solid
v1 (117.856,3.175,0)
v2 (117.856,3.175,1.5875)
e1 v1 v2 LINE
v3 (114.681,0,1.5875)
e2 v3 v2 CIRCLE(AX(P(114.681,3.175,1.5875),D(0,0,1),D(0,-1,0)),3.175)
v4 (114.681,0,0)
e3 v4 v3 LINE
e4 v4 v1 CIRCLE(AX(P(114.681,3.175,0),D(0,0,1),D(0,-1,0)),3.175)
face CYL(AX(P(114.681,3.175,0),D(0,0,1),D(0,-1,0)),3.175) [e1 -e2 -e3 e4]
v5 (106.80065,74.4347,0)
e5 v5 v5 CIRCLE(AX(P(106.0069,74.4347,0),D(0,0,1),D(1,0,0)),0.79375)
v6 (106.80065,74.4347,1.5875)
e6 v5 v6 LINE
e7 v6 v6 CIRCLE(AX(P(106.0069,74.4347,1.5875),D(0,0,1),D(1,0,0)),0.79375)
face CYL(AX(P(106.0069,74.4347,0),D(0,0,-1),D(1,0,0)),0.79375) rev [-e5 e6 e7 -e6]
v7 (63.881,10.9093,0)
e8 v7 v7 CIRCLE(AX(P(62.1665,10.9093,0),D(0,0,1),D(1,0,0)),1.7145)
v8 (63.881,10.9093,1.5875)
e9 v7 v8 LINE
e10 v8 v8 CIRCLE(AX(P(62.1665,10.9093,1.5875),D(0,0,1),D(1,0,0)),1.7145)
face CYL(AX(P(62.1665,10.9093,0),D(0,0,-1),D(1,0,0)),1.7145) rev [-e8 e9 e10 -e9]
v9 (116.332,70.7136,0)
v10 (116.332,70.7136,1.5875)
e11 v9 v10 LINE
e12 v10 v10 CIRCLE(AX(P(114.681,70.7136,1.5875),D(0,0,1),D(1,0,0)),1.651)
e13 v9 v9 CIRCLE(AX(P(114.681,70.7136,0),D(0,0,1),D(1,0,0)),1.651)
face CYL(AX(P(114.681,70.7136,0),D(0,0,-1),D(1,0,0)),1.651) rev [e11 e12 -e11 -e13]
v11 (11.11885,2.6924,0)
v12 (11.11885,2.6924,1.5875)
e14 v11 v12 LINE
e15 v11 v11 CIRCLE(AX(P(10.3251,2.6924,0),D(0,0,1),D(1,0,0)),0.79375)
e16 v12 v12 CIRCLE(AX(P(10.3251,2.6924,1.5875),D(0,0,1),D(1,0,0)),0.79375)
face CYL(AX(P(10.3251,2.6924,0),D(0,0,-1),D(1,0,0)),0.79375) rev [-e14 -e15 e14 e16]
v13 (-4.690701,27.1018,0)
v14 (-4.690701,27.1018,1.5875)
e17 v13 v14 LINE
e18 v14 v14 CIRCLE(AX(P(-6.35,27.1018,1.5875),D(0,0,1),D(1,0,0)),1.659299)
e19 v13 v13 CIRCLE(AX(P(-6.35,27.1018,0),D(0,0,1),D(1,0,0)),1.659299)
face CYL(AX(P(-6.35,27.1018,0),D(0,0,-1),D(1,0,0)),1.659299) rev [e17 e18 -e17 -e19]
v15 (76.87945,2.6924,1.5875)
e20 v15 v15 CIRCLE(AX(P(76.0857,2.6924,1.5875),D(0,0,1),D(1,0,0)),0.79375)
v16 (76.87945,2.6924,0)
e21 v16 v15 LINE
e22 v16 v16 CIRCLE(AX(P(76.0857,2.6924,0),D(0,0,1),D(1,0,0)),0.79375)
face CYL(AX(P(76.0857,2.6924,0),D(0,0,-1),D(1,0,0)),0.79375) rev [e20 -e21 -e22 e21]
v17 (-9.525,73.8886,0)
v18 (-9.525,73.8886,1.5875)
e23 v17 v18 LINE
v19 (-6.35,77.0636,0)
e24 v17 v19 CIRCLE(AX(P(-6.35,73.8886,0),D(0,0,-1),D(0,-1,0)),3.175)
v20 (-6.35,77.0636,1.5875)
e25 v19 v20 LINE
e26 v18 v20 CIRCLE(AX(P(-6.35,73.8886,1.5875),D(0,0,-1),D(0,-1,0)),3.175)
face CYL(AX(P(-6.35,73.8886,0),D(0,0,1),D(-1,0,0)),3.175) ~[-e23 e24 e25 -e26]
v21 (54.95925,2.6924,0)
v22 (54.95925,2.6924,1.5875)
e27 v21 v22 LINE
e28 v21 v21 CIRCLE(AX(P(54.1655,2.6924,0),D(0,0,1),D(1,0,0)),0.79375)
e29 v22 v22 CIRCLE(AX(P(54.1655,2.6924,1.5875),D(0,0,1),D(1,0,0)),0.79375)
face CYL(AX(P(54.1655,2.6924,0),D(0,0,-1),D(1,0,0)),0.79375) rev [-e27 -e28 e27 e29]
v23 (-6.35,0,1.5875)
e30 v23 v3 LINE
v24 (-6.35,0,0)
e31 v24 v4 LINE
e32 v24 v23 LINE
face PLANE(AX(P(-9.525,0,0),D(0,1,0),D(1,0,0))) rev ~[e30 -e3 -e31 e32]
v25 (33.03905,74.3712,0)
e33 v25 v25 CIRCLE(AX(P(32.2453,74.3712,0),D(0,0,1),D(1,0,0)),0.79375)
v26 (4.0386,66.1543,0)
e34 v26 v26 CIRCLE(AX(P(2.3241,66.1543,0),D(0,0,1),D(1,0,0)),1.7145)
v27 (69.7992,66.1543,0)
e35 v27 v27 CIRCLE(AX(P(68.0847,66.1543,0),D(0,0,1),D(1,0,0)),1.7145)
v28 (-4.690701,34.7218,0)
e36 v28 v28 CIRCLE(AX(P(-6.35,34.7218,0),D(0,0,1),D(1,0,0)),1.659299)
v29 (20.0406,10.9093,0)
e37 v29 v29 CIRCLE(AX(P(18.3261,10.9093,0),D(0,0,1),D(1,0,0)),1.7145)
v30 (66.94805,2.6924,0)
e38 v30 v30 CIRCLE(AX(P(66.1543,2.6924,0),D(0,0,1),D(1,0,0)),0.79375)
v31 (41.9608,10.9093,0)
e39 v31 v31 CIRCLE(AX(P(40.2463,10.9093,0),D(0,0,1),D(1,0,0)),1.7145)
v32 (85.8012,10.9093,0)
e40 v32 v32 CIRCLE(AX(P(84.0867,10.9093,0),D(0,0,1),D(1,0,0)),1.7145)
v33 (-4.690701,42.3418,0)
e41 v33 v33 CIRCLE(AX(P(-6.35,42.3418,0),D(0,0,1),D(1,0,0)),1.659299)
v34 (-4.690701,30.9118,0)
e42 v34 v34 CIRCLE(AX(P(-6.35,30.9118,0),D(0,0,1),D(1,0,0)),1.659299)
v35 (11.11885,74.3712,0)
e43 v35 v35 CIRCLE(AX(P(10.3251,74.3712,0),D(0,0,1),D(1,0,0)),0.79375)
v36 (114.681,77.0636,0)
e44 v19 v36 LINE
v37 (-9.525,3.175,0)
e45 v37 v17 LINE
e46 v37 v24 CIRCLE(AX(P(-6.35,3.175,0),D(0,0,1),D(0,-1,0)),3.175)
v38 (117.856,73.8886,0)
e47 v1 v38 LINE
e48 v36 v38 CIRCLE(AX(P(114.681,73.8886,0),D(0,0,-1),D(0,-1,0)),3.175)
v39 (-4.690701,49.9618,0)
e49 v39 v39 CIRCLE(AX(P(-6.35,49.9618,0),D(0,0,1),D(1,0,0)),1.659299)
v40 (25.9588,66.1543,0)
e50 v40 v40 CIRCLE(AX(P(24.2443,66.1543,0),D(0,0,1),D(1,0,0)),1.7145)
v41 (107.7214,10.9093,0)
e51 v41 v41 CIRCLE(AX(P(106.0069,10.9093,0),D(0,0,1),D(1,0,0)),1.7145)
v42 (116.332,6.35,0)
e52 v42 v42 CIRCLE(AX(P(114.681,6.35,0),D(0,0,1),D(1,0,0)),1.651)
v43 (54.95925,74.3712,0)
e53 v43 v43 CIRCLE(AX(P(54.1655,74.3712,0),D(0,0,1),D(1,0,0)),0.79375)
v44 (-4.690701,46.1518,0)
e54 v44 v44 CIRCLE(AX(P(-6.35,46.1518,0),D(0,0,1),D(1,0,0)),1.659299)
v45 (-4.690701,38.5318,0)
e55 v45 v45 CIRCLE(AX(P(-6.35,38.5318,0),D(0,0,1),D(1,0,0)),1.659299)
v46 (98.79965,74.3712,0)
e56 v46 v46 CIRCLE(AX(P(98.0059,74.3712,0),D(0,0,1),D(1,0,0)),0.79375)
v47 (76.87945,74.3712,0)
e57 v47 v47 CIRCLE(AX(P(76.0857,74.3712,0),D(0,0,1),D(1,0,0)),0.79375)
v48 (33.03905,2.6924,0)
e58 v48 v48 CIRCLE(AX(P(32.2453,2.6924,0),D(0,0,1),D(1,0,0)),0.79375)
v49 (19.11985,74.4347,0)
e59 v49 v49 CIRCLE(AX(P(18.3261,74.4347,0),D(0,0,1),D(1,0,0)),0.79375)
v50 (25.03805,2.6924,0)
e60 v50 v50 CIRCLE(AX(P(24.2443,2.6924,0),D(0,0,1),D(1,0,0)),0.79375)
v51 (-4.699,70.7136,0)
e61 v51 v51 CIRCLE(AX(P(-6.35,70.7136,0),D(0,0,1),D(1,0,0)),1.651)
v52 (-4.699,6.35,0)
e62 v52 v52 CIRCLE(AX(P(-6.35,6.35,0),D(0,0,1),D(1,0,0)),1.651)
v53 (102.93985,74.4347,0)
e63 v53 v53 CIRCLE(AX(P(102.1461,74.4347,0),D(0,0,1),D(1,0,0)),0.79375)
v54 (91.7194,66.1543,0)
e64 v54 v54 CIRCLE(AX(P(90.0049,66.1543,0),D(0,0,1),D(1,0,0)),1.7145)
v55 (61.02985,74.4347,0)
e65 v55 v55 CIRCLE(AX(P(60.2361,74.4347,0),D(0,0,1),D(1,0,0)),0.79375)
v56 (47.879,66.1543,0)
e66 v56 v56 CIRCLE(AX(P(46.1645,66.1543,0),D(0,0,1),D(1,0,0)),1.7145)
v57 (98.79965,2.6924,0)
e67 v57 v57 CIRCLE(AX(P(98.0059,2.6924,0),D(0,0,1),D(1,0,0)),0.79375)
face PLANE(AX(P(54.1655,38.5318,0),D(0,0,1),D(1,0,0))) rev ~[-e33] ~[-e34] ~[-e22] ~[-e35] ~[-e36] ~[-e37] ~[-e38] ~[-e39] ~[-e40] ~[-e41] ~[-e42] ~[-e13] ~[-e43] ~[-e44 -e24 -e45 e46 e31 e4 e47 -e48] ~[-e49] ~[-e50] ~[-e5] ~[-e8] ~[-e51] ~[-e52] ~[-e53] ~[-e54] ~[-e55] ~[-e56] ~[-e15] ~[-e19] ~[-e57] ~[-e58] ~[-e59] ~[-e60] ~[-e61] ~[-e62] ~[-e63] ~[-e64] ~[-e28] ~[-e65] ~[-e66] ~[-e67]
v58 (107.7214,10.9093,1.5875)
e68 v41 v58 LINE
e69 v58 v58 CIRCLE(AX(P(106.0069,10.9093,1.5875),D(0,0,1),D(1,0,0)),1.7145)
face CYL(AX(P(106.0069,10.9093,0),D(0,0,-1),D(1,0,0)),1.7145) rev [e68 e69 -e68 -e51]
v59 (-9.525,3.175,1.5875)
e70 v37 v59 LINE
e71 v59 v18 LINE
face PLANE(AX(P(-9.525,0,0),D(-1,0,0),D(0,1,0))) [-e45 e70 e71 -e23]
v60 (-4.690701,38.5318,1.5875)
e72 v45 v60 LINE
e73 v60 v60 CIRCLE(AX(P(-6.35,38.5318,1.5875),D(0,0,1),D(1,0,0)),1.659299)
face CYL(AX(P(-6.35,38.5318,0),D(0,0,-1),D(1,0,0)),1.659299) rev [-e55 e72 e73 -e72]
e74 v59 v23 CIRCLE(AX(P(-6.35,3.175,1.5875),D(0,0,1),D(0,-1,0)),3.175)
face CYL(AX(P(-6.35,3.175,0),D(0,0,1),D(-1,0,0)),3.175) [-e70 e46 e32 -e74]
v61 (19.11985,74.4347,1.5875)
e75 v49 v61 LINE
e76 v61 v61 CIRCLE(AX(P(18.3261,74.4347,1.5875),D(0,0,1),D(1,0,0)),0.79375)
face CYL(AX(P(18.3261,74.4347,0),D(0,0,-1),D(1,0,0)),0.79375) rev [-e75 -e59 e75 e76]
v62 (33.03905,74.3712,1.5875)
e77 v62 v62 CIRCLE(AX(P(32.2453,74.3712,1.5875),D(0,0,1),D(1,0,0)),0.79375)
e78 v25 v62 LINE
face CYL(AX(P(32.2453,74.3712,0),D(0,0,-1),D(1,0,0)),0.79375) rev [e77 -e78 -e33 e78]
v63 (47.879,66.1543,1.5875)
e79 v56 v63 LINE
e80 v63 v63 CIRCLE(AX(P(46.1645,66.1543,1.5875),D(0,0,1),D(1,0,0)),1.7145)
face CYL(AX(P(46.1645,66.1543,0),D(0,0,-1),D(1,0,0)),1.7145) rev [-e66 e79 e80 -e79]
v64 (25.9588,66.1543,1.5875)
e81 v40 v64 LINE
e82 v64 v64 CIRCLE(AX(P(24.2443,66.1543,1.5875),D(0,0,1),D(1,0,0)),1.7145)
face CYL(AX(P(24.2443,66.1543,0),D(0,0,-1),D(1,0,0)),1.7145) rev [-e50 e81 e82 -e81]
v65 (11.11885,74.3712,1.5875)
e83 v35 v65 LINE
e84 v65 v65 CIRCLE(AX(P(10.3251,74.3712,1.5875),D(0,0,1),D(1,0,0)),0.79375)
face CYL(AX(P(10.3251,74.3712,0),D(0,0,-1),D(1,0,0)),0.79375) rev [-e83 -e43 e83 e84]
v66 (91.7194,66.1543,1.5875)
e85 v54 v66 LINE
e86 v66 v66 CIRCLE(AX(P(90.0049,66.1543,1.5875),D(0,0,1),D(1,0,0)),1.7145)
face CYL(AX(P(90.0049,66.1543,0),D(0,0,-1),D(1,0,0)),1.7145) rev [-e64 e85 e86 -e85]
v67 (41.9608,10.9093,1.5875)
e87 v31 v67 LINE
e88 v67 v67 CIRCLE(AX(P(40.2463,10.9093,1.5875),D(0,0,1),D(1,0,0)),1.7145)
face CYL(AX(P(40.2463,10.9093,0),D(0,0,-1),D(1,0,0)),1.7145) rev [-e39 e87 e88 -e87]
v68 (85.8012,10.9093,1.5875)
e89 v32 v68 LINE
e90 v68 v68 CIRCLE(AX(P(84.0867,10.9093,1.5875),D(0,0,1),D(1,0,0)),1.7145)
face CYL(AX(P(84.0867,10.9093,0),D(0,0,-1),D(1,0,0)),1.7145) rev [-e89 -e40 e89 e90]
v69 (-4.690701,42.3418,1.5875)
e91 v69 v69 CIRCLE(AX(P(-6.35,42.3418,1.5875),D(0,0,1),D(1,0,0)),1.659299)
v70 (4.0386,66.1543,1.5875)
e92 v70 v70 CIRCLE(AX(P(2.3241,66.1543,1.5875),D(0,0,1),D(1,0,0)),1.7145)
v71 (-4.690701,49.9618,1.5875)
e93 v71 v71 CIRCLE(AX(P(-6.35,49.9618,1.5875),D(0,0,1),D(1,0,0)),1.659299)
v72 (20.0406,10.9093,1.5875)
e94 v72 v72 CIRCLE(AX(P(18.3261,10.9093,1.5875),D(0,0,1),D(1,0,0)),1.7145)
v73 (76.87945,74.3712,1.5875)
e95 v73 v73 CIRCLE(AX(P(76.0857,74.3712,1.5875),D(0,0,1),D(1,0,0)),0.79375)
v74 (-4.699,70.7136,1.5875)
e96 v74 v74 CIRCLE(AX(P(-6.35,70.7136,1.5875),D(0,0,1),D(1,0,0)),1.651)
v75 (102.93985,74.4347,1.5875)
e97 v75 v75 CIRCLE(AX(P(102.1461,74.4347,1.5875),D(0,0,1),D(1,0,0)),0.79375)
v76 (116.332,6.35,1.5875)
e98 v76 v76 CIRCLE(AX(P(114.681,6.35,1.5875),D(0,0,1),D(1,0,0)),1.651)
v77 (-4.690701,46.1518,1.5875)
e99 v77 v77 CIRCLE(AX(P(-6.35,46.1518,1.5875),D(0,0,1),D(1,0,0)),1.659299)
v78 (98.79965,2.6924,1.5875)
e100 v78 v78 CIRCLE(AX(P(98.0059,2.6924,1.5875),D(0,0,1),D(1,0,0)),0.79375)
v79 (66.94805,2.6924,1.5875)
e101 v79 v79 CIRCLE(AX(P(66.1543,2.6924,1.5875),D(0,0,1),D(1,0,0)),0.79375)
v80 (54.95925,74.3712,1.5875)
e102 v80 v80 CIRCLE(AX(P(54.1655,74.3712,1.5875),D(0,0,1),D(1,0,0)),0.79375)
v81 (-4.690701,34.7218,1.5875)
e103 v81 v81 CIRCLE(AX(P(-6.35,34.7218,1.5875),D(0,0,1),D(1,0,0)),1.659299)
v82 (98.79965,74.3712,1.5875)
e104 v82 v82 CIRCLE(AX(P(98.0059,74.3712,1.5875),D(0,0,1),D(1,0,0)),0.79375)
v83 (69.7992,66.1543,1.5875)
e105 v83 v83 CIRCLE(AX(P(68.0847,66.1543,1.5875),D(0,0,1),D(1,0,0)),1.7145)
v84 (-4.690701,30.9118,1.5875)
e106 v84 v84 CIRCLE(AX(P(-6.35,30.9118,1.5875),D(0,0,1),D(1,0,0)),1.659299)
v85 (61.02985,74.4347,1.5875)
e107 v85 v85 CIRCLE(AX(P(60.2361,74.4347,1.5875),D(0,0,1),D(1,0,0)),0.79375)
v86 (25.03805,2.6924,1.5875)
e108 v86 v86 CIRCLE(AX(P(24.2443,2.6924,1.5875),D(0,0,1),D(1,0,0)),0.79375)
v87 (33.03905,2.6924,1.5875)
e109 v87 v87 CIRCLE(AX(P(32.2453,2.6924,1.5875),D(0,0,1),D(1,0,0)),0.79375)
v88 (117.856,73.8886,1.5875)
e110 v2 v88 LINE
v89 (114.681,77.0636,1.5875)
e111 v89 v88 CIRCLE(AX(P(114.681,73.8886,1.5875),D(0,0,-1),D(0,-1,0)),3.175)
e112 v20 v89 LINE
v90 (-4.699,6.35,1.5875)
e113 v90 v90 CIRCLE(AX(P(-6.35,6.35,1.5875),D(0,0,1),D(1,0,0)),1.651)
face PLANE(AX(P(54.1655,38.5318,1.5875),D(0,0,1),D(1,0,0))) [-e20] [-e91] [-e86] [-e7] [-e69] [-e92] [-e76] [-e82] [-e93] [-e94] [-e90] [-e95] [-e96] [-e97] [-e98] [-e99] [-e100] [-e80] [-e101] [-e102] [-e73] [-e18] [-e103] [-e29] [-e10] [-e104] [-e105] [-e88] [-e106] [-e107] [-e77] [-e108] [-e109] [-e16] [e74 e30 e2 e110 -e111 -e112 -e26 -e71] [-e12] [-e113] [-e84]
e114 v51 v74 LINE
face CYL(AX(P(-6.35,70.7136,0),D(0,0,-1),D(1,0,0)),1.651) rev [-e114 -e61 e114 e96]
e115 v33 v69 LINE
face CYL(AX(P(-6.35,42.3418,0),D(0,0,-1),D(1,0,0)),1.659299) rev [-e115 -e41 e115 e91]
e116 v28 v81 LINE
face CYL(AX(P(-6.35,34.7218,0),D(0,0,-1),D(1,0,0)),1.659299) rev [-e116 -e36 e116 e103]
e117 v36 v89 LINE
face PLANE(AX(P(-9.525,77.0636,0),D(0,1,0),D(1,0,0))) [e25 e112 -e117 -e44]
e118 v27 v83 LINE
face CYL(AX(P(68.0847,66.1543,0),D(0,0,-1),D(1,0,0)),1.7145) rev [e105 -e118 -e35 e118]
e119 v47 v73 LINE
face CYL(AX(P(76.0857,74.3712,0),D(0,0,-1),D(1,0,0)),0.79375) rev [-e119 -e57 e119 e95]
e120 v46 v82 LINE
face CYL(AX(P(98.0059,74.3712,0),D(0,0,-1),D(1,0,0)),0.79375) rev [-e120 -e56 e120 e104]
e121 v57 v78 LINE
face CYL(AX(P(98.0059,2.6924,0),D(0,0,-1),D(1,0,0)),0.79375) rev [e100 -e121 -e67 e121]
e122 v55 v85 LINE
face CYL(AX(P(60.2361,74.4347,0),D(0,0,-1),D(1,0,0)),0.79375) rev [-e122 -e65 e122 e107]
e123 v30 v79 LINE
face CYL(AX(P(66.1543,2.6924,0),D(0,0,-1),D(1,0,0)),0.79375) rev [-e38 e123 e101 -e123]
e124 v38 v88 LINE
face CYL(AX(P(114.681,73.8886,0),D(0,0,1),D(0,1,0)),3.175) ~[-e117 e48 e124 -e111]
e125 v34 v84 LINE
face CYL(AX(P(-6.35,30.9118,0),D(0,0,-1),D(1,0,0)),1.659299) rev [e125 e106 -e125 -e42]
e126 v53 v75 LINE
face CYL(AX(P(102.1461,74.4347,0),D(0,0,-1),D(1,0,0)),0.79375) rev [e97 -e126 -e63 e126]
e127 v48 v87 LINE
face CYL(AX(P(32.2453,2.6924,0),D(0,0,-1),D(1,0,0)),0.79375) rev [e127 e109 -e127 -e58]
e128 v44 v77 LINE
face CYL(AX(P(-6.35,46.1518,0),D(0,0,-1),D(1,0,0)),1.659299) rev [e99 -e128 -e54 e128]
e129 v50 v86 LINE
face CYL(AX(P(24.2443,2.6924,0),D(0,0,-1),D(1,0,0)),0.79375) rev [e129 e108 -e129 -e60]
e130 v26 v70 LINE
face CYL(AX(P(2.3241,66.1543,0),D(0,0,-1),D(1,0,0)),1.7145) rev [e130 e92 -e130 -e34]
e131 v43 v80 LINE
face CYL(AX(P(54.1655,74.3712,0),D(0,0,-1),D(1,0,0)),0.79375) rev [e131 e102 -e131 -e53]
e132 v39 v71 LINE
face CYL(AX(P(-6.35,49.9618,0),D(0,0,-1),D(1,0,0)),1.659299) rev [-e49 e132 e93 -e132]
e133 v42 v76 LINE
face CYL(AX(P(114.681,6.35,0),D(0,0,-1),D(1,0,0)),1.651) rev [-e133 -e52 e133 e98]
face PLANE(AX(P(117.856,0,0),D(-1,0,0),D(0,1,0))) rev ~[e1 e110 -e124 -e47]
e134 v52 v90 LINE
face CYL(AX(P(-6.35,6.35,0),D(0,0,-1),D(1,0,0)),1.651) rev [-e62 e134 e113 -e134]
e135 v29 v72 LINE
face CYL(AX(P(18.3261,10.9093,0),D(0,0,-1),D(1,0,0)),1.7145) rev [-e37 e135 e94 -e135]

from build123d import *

# Parameters (mm, degrees)
SKETCH1_W           = 127.381
SKETCH1_H           = 77.0636
SKETCH1_R           = 1.651
SKETCH1_R_2         = 0.79375
SKETCH1_R_3         = 1.7145
SKETCH1_R_4         = 1.659299133
BOSS_EXTRUDE1_DEPTH = 1.5875
FILLET1_R           = 3.175


with BuildPart() as part:
    # Sketch1 → Boss-Extrude1 (new body)
    with BuildSketch(Plane.XY):
        with Locations((54.1655, 38.5318)):
            Rectangle(SKETCH1_W, SKETCH1_H)
        with Locations((-6.35, 6.35)):
            Circle(SKETCH1_R, mode=Mode.SUBTRACT)
        with Locations((10.3251, 2.6924)):
            Circle(SKETCH1_R_2, mode=Mode.SUBTRACT)
        with Locations((24.2443, 2.6924)):
            Circle(SKETCH1_R_2, mode=Mode.SUBTRACT)
        with Locations((18.3261, 10.9093)):
            Circle(SKETCH1_R_3, mode=Mode.SUBTRACT)
        with Locations((32.2453, 2.6924)):
            Circle(SKETCH1_R_2, mode=Mode.SUBTRACT)
        with Locations((54.1655, 2.6924)):
            Circle(SKETCH1_R_2, mode=Mode.SUBTRACT)
        with Locations((40.2463, 10.9093)):
            Circle(SKETCH1_R_3, mode=Mode.SUBTRACT)
        with Locations((-6.35, 27.1018)):
            Circle(SKETCH1_R_4, mode=Mode.SUBTRACT)
        with Locations((-6.35, 30.9118)):
            Circle(SKETCH1_R_4, mode=Mode.SUBTRACT)
        with Locations((-6.35, 34.7218)):
            Circle(SKETCH1_R_4, mode=Mode.SUBTRACT)
        with Locations((66.1543, 2.6924)):
            Circle(SKETCH1_R_2, mode=Mode.SUBTRACT)
        with Locations((76.0857, 2.6924)):
            Circle(SKETCH1_R_2, mode=Mode.SUBTRACT)
        with Locations((62.1665, 10.9093)):
            Circle(SKETCH1_R_3, mode=Mode.SUBTRACT)
        with Locations((84.0867, 10.9093)):
            Circle(SKETCH1_R_3, mode=Mode.SUBTRACT)
        with Locations((98.0059, 2.6924)):
            Circle(SKETCH1_R_2, mode=Mode.SUBTRACT)
        with Locations((114.681, 6.35)):
            Circle(SKETCH1_R, mode=Mode.SUBTRACT)
        with Locations((106.0069, 10.9093)):
            Circle(SKETCH1_R_3, mode=Mode.SUBTRACT)
        with Locations((-6.35, 38.5318)):
            Circle(SKETCH1_R_4, mode=Mode.SUBTRACT)
        with Locations((-6.35, 42.3418)):
            Circle(SKETCH1_R_4, mode=Mode.SUBTRACT)
        with Locations((-6.35, 46.1518)):
            Circle(SKETCH1_R_4, mode=Mode.SUBTRACT)
        with Locations((-6.35, 49.9618)):
            Circle(SKETCH1_R_4, mode=Mode.SUBTRACT)
        with Locations((2.3241, 66.1543)):
            Circle(SKETCH1_R_3, mode=Mode.SUBTRACT)
        with Locations((24.2443, 66.1543)):
            Circle(SKETCH1_R_3, mode=Mode.SUBTRACT)
        with Locations((-6.35, 70.7136)):
            Circle(SKETCH1_R, mode=Mode.SUBTRACT)
        with Locations((10.3251, 74.3712)):
            Circle(SKETCH1_R_2, mode=Mode.SUBTRACT)
        with Locations((18.3261, 74.4347)):
            Circle(SKETCH1_R_2, mode=Mode.SUBTRACT)
        with Locations((46.1645, 66.1543)):
            Circle(SKETCH1_R_3, mode=Mode.SUBTRACT)
        with Locations((32.2453, 74.3712)):
            Circle(SKETCH1_R_2, mode=Mode.SUBTRACT)
        with Locations((54.1655, 74.3712)):
            Circle(SKETCH1_R_2, mode=Mode.SUBTRACT)
        with Locations((68.0847, 66.1543)):
            Circle(SKETCH1_R_3, mode=Mode.SUBTRACT)
        with Locations((90.0049, 66.1543)):
            Circle(SKETCH1_R_3, mode=Mode.SUBTRACT)
        with Locations((60.2361, 74.4347)):
            Circle(SKETCH1_R_2, mode=Mode.SUBTRACT)
        with Locations((76.0857, 74.3712)):
            Circle(SKETCH1_R_2, mode=Mode.SUBTRACT)
        with Locations((98.0059, 74.3712)):
            Circle(SKETCH1_R_2, mode=Mode.SUBTRACT)
        with Locations((102.1461, 74.4347)):
            Circle(SKETCH1_R_2, mode=Mode.SUBTRACT)
        with Locations((106.0069, 74.4347)):
            Circle(SKETCH1_R_2, mode=Mode.SUBTRACT)
        with Locations((114.681, 70.7136)):
            Circle(SKETCH1_R, mode=Mode.SUBTRACT)
    extrude(amount=BOSS_EXTRUDE1_DEPTH)

    # Fillet1
    fillet1_edges = [part.edges().sort_by_distance(p)[0] for p in [
        (-9.525, 77.0636, 0.79375),
        (117.856, 77.0636, 0.79375),
        (117.856, 0, 0.79375),
        (-9.525, 0, 0.79375),
    ]]
    fillet(fillet1_edges, radius=FILLET1_R)


solid = part.part
